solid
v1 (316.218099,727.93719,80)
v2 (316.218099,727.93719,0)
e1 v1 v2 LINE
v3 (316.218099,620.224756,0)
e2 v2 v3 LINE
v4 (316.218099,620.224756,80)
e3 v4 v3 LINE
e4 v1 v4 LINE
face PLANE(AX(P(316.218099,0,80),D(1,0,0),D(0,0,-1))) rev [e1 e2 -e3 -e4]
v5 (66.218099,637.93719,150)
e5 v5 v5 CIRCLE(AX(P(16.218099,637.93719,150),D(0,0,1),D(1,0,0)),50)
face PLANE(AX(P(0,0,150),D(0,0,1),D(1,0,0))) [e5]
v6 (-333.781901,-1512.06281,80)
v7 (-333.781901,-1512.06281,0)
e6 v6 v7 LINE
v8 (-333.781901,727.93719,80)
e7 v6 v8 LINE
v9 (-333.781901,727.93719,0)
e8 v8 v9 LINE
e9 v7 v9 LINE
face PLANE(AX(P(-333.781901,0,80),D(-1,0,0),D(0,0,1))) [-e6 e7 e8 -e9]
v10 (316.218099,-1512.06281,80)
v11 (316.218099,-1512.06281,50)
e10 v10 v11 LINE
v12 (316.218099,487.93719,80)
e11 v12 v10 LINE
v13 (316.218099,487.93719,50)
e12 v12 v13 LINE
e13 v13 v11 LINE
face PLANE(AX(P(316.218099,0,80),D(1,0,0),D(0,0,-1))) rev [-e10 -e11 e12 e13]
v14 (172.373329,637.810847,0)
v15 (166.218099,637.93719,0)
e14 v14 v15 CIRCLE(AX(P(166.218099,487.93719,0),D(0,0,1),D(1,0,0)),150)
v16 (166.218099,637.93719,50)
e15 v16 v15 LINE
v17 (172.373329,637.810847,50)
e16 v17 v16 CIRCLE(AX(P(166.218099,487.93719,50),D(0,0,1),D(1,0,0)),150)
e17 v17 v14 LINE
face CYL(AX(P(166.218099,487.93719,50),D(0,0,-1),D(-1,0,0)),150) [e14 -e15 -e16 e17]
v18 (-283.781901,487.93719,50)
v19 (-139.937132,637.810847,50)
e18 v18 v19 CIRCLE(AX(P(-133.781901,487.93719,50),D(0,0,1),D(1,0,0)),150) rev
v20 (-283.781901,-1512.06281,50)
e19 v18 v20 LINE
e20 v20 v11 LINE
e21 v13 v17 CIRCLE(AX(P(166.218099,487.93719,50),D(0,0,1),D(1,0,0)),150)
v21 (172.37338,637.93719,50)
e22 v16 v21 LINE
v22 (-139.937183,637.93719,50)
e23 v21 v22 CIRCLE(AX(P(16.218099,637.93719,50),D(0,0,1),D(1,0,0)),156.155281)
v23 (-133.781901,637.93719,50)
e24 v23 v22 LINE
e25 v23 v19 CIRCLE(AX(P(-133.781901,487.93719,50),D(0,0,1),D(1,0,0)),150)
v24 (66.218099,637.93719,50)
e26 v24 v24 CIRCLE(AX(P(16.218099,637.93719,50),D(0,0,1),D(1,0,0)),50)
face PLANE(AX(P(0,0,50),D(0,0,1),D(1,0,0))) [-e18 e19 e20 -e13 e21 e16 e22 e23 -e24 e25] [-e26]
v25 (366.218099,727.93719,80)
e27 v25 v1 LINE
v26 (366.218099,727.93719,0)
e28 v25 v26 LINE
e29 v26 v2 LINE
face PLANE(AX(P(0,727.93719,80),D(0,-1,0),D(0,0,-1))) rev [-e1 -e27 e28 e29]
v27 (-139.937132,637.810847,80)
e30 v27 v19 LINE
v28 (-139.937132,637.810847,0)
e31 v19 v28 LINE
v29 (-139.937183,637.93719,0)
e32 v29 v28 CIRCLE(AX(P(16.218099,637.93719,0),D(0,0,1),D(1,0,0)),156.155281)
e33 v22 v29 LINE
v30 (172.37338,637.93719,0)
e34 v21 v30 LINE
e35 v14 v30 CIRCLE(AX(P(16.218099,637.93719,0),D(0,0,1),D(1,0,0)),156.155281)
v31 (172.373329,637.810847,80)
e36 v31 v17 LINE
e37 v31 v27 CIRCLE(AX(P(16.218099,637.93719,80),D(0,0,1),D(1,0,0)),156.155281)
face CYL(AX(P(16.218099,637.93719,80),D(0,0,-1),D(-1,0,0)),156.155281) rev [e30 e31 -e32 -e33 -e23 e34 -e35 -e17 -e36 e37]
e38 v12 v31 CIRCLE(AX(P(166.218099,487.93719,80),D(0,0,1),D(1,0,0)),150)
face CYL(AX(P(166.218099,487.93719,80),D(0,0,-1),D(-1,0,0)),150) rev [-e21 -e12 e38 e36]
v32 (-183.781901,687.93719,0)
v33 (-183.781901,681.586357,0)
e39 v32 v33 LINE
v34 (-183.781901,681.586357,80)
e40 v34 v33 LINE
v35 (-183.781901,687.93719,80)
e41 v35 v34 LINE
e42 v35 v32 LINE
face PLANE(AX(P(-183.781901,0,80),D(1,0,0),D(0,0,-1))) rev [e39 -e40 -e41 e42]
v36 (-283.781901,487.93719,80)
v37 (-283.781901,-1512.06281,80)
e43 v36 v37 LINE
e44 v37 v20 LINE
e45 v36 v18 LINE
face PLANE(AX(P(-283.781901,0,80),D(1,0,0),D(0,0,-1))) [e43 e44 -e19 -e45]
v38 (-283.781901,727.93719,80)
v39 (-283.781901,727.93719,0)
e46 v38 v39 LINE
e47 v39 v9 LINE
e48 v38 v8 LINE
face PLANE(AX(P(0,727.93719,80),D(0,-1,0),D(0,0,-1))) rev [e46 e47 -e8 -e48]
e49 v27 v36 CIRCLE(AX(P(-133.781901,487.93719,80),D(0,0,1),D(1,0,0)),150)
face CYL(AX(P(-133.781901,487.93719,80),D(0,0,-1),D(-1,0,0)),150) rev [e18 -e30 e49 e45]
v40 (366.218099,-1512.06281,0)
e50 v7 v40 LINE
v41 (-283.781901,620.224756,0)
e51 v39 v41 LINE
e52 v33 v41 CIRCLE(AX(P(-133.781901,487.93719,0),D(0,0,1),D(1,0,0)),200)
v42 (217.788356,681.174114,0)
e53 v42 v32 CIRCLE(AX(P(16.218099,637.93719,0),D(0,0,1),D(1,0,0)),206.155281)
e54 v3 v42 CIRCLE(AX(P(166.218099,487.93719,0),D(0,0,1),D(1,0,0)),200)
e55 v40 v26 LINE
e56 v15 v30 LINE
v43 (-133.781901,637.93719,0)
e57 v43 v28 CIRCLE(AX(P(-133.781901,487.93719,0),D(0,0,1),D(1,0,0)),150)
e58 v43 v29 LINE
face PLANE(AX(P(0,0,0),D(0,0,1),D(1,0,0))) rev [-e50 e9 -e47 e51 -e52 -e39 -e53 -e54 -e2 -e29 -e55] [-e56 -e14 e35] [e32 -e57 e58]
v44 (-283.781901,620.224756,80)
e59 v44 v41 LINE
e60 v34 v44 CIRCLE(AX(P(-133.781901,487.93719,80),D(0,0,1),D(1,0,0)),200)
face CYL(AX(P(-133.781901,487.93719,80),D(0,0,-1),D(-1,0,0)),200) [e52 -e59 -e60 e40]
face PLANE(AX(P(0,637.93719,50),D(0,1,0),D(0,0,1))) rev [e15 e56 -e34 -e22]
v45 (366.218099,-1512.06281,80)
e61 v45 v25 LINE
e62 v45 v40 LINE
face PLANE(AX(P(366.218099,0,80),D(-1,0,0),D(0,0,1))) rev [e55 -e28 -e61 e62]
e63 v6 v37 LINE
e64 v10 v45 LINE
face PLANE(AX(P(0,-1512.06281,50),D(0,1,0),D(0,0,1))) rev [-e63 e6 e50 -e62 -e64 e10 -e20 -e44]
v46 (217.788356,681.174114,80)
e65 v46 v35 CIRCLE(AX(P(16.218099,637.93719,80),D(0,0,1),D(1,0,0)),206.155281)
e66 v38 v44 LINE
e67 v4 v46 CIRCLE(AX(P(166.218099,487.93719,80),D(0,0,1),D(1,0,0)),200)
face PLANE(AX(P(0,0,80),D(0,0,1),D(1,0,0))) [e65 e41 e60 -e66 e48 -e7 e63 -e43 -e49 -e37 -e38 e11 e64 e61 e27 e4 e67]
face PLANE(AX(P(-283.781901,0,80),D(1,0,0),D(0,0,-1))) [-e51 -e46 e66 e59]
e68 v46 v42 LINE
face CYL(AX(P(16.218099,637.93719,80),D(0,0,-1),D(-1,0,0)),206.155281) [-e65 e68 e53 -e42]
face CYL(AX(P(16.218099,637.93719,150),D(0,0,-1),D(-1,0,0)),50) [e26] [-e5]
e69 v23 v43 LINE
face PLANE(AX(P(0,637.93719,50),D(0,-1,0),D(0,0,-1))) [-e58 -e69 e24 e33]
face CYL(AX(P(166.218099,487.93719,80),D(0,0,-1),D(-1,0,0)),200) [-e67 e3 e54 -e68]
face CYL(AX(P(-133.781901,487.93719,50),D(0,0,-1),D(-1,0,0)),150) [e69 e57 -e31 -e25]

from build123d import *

# Parameters (mm, degrees)
SKETCH2_R           = 50
BOSS_EXTRUDE3_DEPTH = 50
BOSS_EXTRUDE4_DEPTH = 80
SKETCH2_9_R         = 50
BOSS_EXTRUDE5_DEPTH = 150


with BuildPart() as part:
    # Sketch2 → Boss-Extrude3 (new body)
    with BuildSketch(Plane.XY):
        with BuildLine():
            Line((-283.78190134, 487.937190165), (-283.78190134, -1512.062809835))
            Line((-283.78190134, -1512.062809835), (316.21809866, -1512.062809835))
            Line((316.21809866, -1512.062809835), (316.21809866, 487.937190165))
            ThreePointArc((316.21809866, 487.937190165), (274.438439922, 591.804209653), (172.37332883, 637.810847428))
            ThreePointArc((172.37332883, 637.810847428), (169.296362007, 637.905601155), (166.21809866, 637.937190165))
            Line((166.21809866, 637.937190165), (172.373379941, 637.937190165))
            ThreePointArc((172.373379941, 637.937190165), (16.21809866, 794.092471446), (-139.937182621, 637.937190165))
            Line((-139.937182621, 637.937190165), (-139.660119377, 637.937190165))
            Line((-139.660119377, 637.937190165), (-133.78190134, 637.937190165))
            ThreePointArc((-133.78190134, 637.937190165), (-136.860164687, 637.905601155), (-139.93713151, 637.810847428))
            ThreePointArc((-139.93713151, 637.810847428), (-242.002242601, 591.804209653), (-283.78190134, 487.937190165))
        make_face()
        with Locations((16.21809866, 637.937190165)):
            Circle(SKETCH2_R, mode=Mode.SUBTRACT)
    extrude(amount=BOSS_EXTRUDE3_DEPTH)

    # Sketch2<8> → Boss-Extrude4 (add)
    with BuildSketch(Plane.XY):
        with BuildLine():
            Line((-333.78190134, 487.937190165), (-333.78190134, -1512.062809835))
            Line((-333.78190134, -1512.062809835), (-283.78190134, -1512.062809835))
            Line((-283.78190134, -1512.062809835), (-283.78190134, 487.937190165))
            ThreePointArc((-283.78190134, 487.937190165), (-242.002242601, 591.804209653), (-139.93713151, 637.810847428))
            ThreePointArc((-139.93713151, 637.810847428), (-139.937169843, 637.874018792), (-139.937182621, 637.937190165))
            ThreePointArc((-139.937182621, 637.937190165), (16.21809866, 794.092471446), (172.373379941, 637.937190165))
            ThreePointArc((172.373379941, 637.937190165), (172.373367163, 637.874018792), (172.37332883, 637.810847428))
            ThreePointArc((172.37332883, 637.810847428), (274.438439922, 591.804209653), (316.21809866, 487.937190165))
            Line((316.21809866, 487.937190165), (316.21809866, -1512.062809835))
            Line((316.21809866, -1512.062809835), (366.21809866, -1512.062809835))
            Line((366.21809866, -1512.062809835), (366.21809866, 487.937190165))
            Line((366.21809866, 487.937190165), (366.21809866, 727.937190165))
            Line((366.21809866, 727.937190165), (316.21809866, 727.937190165))
            Line((316.21809866, 727.937190165), (316.21809866, 620.224755718))
            ThreePointArc((316.21809866, 620.224755718), (271.509827539, 657.977337865), (217.788355507, 681.174113678))
            ThreePointArc((217.788355507, 681.174113678), (19.689586458, 844.063240853), (-183.78190134, 687.937190165))
            Line((-183.78190134, 687.937190165), (-183.78190134, 681.586357475))
            ThreePointArc((-183.78190134, 681.586357475), (-184.567448055, 681.381828873), (-185.352158186, 681.174113678))
            ThreePointArc((-185.352158186, 681.174113678), (-239.073630218, 657.977337865), (-283.78190134, 620.224755718))
            Line((-283.78190134, 620.224755718), (-283.78190134, 727.937190165))
            Line((-283.78190134, 727.937190165), (-333.78190134, 727.937190165))
            Line((-333.78190134, 727.937190165), (-333.78190134, 487.937190165))
        make_face()
    extrude(amount=BOSS_EXTRUDE4_DEPTH)

    # Sketch2<9> → Boss-Extrude5 (add)
    with BuildSketch(Plane.XY):
        with Locations((16.21809866, 637.937190165)):
            Circle(SKETCH2_9_R)
    extrude(amount=BOSS_EXTRUDE5_DEPTH)


solid = part.part
